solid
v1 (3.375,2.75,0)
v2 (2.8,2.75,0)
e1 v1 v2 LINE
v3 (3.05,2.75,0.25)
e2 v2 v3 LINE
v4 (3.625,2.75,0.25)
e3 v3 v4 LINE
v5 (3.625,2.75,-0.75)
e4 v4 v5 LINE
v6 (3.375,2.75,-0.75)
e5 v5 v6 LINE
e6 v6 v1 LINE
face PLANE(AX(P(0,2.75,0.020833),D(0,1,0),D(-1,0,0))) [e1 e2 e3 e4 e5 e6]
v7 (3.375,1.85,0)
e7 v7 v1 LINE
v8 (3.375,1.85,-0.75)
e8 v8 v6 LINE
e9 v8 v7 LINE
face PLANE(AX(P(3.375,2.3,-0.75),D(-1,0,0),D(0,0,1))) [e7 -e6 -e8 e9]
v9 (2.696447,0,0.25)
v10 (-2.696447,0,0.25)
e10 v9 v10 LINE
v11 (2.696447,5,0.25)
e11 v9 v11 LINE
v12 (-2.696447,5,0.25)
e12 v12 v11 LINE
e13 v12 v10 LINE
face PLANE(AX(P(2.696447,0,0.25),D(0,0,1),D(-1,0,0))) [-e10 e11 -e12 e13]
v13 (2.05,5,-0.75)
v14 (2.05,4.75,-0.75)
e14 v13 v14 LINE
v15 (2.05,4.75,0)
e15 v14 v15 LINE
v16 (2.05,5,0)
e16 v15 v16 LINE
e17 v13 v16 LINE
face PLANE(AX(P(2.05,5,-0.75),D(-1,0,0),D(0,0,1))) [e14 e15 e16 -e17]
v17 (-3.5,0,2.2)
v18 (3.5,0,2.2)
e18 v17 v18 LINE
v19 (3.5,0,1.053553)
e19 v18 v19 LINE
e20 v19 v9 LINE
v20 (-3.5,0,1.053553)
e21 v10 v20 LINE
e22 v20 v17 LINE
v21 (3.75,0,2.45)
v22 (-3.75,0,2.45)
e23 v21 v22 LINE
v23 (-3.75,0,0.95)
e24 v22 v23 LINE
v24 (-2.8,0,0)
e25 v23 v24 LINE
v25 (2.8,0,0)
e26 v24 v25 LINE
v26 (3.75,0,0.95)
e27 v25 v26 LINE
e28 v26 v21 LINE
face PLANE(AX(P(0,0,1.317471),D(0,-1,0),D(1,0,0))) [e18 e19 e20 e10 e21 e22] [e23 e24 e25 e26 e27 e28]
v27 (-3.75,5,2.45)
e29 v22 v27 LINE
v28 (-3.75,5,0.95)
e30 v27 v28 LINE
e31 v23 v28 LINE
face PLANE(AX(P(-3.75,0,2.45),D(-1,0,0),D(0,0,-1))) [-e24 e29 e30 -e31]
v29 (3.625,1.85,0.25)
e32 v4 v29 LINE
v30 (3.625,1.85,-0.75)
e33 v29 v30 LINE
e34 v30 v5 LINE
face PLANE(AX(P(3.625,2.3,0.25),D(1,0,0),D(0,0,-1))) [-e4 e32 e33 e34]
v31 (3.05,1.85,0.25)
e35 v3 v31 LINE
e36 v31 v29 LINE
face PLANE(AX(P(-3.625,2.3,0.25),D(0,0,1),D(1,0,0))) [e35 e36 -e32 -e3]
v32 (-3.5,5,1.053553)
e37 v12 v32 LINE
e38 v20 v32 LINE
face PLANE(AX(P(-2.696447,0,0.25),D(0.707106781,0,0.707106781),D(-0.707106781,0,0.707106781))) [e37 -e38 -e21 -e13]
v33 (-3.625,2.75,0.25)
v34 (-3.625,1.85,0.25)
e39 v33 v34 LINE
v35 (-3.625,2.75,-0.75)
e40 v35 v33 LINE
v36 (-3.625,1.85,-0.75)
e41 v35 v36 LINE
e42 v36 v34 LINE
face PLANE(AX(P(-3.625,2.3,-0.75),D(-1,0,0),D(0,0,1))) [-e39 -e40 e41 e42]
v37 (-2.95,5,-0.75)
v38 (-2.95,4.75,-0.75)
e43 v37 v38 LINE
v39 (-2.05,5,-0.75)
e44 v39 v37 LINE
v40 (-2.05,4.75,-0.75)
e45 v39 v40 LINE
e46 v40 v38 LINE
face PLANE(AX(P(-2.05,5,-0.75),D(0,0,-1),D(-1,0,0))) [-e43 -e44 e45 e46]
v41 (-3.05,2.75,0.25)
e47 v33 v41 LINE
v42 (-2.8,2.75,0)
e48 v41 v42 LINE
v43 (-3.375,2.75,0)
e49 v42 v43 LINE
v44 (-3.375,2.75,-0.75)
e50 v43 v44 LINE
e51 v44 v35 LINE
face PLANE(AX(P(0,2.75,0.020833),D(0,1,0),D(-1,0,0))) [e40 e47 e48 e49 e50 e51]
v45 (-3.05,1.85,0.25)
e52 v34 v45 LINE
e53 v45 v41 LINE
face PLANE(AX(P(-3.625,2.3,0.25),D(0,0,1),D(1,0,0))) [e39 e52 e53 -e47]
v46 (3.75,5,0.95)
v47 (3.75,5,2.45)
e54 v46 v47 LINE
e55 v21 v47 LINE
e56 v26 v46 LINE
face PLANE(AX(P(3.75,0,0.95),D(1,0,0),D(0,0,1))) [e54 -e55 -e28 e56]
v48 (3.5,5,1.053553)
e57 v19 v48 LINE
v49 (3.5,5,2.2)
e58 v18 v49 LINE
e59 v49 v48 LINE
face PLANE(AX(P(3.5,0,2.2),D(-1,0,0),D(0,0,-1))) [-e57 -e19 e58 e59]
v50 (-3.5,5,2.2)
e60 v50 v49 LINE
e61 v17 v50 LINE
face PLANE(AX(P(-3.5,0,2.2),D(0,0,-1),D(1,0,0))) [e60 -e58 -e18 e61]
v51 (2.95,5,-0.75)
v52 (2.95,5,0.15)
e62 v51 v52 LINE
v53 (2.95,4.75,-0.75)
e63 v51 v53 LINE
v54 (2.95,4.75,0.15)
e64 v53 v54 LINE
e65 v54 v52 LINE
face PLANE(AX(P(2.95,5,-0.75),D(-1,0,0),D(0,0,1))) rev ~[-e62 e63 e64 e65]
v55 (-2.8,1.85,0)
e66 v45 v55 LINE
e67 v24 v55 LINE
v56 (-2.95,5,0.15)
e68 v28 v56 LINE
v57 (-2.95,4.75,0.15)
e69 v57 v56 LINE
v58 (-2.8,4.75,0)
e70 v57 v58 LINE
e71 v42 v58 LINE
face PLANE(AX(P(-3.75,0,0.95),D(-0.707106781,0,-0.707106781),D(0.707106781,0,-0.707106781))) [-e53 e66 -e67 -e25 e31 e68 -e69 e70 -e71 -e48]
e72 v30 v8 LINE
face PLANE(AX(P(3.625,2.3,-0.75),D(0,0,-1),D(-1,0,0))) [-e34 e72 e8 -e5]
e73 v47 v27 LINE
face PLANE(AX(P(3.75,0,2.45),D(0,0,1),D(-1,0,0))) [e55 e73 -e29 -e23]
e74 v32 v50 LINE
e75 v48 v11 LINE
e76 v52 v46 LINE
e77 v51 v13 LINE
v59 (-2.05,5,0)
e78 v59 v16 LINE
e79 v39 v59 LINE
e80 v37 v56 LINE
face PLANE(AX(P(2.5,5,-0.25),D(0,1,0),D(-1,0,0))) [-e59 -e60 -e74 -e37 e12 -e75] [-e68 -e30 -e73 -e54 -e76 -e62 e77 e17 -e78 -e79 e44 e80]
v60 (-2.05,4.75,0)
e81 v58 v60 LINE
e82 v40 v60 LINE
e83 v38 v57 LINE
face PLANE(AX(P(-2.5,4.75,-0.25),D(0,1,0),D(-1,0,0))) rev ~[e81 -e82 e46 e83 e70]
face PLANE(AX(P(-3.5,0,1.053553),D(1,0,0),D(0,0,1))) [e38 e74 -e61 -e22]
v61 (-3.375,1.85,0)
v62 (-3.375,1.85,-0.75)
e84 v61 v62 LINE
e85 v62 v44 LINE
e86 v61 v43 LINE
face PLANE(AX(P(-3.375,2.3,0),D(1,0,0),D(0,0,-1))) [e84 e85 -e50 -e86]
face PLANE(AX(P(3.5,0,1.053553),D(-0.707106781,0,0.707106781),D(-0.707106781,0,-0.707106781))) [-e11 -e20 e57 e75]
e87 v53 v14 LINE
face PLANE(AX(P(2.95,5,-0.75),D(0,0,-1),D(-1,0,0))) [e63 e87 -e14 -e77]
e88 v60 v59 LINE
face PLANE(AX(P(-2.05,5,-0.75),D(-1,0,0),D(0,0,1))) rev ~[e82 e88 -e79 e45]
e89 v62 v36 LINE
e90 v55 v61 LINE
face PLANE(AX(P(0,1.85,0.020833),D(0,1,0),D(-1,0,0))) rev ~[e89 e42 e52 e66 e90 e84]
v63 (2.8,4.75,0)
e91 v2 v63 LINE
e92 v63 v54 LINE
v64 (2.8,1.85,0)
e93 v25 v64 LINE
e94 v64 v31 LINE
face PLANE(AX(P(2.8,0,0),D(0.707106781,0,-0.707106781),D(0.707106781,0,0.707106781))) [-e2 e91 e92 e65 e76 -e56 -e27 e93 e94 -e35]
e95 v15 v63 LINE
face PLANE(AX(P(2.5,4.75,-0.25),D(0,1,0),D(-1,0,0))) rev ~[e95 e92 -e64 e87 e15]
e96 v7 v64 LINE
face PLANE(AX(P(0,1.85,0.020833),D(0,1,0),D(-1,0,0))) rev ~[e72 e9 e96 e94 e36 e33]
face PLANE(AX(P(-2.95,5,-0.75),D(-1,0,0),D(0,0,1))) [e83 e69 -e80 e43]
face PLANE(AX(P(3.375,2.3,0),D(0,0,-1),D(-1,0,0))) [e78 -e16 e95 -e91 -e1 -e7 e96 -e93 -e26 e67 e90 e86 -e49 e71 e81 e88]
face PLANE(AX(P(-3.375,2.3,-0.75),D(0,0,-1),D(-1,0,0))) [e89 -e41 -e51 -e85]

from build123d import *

# Parameters (mm, degrees)
F1_DEPTH = 5
F4_DEPTH = 0.45
F5_W     = 0.9
F5_H     = 1
F6_DEPTH = 0.25


with BuildPart() as f1:
    # F0 (on Front) → F1 (new body)
    with BuildSketch(Plane.XZ):
        Polygon((-2.8, 0), (0, 0), (2.8, 0), (3.75, 0.95), (3.75, 2.45), (0, 2.45), (-3.75, 2.45), (-3.75, 0.95), align=None)
        Polygon((0, 2.1999999881), (3.4999999881, 2.1999999881), (3.4999999881, 1.0535533955), (2.6964466045, 0.2500000119), (0, 0.2500000119), (-2.6964466045, 0.2500000119), (-3.4999999881, 1.0535533955), (-3.4999999881, 2.1999999881), align=None, mode=Mode.SUBTRACT)
    extrude(amount=-F1_DEPTH)

    # F3 (on offset) → F4 (join, symmetric)
    with BuildSketch(Plane(origin=(0, 2.3, 0), x_dir=(-1, 0, 0), z_dir=(0, 1, 0))):
        Polygon((-3.625, 0.2500000119), (-3.625, -0.7499999881), (-3.375, -0.7499999881), (-3.375, 0), (3.375, 0), (3.375, -0.7499999881), (3.625, -0.7499999881), (3.625, 0.2500000119), align=None)
    extrude(amount=F4_DEPTH, both=True)

    # F5 (on face) → F6 (join)
    with BuildSketch(Plane(origin=(0, 5, 0), x_dir=(-1, 0, 0), z_dir=(0, 1, 0))):
        with Locations((-2.5, -0.2499999881)):
            Rectangle(F5_W, F5_H)
        with Locations((2.5, -0.2499999881)):
            Rectangle(F5_W, F5_H)
    extrude(amount=-F6_DEPTH)


solid = f1.part
